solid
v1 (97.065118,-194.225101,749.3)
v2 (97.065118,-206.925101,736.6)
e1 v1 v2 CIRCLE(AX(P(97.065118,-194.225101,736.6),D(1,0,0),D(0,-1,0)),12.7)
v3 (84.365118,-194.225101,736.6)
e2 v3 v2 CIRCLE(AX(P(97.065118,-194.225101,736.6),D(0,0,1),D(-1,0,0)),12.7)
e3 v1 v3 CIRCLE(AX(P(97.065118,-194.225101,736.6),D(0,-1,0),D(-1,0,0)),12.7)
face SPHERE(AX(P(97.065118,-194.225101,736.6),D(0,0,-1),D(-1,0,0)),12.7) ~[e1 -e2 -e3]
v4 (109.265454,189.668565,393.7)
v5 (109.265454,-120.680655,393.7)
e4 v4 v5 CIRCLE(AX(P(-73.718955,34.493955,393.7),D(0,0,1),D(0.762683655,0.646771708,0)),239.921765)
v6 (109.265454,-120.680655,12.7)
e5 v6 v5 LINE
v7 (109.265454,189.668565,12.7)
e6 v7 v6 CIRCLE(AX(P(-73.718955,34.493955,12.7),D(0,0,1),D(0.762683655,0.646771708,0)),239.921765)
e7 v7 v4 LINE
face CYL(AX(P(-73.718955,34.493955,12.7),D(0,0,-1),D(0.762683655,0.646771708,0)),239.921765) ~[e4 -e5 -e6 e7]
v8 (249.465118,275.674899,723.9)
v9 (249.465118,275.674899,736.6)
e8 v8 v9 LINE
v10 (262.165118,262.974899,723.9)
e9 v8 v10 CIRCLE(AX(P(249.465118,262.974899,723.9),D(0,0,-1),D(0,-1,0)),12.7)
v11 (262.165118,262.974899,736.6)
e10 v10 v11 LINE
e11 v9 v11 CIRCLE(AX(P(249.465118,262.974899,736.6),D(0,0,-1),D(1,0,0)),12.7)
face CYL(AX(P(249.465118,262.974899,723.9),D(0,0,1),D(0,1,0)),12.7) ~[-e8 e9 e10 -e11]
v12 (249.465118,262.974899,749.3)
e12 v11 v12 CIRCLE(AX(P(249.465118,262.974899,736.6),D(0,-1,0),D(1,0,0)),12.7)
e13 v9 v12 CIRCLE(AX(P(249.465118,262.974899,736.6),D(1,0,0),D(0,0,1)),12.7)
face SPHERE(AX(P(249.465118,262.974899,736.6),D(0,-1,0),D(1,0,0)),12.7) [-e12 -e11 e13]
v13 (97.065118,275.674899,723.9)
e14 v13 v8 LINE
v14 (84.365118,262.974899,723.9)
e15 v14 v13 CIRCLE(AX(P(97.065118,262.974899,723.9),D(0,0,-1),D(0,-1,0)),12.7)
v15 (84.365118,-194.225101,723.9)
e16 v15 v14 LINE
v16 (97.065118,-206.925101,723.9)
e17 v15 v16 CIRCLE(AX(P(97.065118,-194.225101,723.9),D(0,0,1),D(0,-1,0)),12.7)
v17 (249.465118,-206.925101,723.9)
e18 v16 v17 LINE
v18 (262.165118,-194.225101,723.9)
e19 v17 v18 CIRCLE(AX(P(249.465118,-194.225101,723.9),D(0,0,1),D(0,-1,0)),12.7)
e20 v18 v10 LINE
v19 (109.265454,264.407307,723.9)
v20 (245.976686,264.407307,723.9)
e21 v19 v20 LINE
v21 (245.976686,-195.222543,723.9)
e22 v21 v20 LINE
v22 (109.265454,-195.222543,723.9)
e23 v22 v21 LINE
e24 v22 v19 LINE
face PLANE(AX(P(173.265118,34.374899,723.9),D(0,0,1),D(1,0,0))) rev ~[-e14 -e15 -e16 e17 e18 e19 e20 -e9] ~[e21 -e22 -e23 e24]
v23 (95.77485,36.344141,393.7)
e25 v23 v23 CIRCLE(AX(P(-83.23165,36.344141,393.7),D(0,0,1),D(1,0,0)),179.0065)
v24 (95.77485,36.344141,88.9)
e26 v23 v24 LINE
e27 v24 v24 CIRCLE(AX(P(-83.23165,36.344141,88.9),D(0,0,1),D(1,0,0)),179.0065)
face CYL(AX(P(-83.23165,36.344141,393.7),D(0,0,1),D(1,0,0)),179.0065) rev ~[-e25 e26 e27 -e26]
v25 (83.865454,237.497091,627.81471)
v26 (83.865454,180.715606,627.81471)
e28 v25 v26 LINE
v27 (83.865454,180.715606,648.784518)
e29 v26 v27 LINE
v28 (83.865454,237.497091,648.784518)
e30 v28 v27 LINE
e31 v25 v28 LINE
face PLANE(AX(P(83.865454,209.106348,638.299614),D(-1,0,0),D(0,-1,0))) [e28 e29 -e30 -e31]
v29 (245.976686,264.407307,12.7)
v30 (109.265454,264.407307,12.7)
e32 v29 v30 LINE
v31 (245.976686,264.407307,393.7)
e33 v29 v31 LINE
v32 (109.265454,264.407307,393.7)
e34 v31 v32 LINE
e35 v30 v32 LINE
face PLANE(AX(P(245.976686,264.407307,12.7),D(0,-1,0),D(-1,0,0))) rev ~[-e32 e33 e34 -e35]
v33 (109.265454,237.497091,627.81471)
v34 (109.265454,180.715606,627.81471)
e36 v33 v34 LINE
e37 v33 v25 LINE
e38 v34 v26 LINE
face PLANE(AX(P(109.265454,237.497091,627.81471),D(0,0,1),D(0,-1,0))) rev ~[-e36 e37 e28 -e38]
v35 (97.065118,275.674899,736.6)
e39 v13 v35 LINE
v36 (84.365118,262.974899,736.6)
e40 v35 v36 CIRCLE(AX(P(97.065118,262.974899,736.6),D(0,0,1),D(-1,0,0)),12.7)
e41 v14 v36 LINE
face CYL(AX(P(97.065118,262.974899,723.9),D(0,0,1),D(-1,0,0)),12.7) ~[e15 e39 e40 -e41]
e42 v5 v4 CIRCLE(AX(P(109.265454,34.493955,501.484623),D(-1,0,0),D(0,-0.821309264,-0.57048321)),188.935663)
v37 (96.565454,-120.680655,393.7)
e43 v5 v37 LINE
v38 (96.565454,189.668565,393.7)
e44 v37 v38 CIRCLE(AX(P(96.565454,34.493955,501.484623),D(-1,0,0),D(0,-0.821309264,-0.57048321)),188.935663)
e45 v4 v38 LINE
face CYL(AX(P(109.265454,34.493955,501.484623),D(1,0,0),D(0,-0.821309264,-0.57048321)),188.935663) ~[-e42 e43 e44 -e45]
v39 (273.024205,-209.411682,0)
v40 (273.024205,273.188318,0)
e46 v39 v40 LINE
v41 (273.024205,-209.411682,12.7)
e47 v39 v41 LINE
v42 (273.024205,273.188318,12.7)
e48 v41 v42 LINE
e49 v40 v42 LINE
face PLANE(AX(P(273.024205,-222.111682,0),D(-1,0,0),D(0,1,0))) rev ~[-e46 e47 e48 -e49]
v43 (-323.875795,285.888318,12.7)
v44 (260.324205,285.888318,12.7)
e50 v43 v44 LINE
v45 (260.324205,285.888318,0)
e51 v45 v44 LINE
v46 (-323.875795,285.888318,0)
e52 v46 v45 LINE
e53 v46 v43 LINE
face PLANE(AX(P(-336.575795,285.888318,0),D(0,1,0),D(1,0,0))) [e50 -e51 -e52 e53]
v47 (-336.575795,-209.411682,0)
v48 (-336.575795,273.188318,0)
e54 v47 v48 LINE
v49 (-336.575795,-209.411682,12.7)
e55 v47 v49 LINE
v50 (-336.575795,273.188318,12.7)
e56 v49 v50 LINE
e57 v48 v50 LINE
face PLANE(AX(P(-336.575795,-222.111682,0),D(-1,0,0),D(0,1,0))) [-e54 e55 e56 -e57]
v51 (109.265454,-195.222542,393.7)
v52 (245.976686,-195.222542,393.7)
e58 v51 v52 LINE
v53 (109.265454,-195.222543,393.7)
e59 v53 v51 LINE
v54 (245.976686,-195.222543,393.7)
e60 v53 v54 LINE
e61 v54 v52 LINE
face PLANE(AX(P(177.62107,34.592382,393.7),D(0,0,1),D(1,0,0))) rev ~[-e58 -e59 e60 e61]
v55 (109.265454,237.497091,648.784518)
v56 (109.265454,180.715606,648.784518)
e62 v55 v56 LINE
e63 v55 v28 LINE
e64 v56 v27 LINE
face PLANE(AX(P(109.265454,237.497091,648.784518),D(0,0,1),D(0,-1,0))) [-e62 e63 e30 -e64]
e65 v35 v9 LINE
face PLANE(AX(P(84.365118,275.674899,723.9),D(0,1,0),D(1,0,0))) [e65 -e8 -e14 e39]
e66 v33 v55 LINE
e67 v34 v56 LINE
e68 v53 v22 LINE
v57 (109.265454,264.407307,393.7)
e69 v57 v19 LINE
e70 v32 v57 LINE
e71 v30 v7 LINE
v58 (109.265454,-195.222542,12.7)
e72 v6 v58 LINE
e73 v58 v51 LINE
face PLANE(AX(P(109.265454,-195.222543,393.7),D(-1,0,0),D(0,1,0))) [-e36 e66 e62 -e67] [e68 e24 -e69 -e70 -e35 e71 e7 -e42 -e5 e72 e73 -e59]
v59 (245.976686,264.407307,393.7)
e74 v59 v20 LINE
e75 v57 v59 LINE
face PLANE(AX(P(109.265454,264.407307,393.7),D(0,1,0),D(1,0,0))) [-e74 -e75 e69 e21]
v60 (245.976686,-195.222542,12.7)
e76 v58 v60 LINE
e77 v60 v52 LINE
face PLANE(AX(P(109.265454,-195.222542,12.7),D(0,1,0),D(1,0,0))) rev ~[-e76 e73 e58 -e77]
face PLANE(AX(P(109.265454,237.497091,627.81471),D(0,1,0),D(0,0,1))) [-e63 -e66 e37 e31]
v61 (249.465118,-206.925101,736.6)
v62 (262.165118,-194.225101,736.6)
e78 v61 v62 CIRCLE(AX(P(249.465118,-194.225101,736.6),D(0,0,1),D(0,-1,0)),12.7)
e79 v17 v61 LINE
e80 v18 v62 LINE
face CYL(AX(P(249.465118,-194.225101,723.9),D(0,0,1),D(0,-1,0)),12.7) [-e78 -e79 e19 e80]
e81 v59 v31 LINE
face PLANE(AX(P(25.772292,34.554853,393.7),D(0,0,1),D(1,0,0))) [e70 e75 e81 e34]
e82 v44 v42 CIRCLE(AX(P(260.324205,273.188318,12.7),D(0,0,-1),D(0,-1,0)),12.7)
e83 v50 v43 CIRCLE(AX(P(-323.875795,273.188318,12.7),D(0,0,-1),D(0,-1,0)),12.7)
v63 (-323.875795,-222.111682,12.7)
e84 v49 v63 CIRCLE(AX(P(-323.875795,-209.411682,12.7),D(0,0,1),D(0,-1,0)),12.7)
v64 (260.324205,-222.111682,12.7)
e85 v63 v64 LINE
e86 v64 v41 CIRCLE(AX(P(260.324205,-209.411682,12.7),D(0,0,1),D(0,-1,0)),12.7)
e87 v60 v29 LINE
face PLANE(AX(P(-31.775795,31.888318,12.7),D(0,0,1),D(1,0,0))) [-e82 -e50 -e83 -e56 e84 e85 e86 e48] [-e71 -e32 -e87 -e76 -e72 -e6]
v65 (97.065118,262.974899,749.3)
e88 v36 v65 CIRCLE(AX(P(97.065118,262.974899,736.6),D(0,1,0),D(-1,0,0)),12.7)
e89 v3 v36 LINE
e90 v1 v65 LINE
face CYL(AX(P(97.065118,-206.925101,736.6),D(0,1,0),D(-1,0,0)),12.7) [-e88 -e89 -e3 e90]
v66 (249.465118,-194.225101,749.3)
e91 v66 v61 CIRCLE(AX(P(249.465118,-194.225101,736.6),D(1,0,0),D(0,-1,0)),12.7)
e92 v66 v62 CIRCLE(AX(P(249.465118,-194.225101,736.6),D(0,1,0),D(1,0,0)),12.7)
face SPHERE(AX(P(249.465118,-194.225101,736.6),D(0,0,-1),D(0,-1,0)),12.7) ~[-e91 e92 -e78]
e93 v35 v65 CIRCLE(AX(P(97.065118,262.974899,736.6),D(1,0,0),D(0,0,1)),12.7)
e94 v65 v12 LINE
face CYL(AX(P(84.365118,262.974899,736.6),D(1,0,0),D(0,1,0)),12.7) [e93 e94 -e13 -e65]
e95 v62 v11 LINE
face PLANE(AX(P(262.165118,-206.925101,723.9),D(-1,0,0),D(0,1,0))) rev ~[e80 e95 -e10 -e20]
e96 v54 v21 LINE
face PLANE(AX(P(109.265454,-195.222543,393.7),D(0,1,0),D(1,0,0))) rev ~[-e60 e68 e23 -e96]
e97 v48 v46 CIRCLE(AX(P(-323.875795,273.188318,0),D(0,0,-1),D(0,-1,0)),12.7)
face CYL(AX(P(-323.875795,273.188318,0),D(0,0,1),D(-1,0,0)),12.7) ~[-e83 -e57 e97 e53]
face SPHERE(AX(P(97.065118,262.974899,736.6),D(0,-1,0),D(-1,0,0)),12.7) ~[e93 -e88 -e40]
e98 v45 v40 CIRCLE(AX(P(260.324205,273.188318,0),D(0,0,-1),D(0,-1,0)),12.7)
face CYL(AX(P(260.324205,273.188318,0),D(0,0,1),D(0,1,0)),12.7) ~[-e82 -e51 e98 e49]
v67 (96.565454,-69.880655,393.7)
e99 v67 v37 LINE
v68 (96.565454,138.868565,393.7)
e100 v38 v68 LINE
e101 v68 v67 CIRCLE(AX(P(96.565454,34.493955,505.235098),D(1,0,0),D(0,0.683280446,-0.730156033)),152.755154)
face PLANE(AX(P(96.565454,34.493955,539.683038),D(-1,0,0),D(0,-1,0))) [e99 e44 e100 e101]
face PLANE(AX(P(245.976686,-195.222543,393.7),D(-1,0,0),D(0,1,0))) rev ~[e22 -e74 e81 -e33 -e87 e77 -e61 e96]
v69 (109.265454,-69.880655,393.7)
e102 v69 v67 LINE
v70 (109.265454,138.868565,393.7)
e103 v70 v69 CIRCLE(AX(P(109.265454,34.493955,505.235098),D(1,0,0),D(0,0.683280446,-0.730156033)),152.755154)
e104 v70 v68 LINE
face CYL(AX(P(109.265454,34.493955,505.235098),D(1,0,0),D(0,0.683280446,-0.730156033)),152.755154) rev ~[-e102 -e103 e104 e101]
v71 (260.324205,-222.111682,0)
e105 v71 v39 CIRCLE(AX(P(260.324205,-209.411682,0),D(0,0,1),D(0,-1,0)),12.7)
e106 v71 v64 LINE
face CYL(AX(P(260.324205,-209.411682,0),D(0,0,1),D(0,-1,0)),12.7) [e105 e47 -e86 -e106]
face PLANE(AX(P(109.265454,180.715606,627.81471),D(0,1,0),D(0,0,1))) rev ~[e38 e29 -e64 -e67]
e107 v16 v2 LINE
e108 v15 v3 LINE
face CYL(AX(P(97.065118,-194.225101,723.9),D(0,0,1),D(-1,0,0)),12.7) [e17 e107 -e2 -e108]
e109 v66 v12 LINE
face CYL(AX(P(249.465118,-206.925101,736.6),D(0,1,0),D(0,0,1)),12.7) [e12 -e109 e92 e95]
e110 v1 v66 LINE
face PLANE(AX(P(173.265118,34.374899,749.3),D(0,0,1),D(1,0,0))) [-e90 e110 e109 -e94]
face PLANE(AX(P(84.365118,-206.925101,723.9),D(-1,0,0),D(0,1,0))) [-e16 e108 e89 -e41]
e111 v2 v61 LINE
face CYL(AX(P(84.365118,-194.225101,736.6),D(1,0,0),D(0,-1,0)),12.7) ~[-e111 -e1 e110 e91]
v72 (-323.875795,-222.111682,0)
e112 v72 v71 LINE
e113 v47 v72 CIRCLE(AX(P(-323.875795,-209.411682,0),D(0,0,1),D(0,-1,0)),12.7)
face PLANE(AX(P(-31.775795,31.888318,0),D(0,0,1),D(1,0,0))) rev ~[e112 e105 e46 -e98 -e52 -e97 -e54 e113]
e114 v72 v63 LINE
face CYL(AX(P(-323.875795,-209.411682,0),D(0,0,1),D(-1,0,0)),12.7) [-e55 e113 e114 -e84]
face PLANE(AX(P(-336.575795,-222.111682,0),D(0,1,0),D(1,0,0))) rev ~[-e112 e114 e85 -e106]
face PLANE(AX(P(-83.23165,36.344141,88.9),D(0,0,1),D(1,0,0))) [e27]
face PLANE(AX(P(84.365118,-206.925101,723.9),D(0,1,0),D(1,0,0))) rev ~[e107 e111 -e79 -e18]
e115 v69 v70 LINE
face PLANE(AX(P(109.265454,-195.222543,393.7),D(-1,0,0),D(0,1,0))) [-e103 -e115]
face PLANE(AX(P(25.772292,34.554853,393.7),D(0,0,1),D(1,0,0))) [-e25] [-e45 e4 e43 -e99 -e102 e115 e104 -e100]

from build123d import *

# Parameters (mm, degrees)
F0_W      = 609.6
F0_H      = 508
F1_DEPTH  = 12.7
F3_DEPTH  = 381
F4_R      = 12.7
F5_R      = 179.0065
F6_DEPTH  = 304.8
F7_W      = 136.711232
F7_H      = 459.629849
F8_DEPTH  = 330.2
F9_W      = 56.781485
F9_H      = 20.969808
F10_DEPTH = 25.4
F12_DEPTH = 12.7
F13_W     = 177.8
F13_H     = 482.6
F14_DEPTH = 25.4
F15_R     = 12.7


with BuildPart() as f1:
    # F0 (on Top) → F1 (new body)
    with BuildSketch(Plane.XY):
        with Locations((-31.775795, 31.888318)):
            Rectangle(F0_W, F0_H)
    extrude(amount=F1_DEPTH)

    # F2 (on face) → F3 (join)
    with BuildSketch(Plane.XY.offset(12.7)):
        with BuildLine():
            Line((109.265454, 264.407307), (109.265454, 189.668565))
            ThreePointArc((109.265454, 189.668565), (-313.64072, 34.493955), (109.265454, -120.680655))
            Line((109.265454, -120.680655), (109.265454, -195.222542))
            Line((109.265454, -195.222542), (245.976686, -195.222542))
            Line((245.976686, -195.222542), (245.976686, 264.407307))
            Line((245.976686, 264.407307), (109.265454, 264.407307))
        make_face()
    extrude(amount=F3_DEPTH)

    # F4
    f4_edges = [f1.edges().sort_by_distance(p)[0] for p in [
        (-336.575795, -222.111682, 6.35),
        (273.024205, -222.111682, 6.35),
        (273.024205, 285.888318, 6.35),
        (-336.575795, 285.888318, 6.35),
    ]]
    fillet(f4_edges, radius=F4_R)

    # F5 (on face) → F6 (cut)
    with BuildSketch(Plane.XY.offset(393.7)):
        with Locations((-83.23165, 36.344141)):
            Circle(F5_R)
    extrude(amount=-F6_DEPTH, mode=Mode.SUBTRACT)

    # F7 (on face) → F8 (join)
    with BuildSketch(Plane.XY.offset(393.7)):
        with Locations((177.62107, 34.592382)):
            Rectangle(F7_W, F7_H)
    extrude(amount=F8_DEPTH)

    # F9 (on face) → F10 (join)
    with BuildSketch(Plane(origin=(109.265454, 0, 0), x_dir=(0, -1, 0), z_dir=(-1, 0, 0))):
        with Locations((-209.106348, 638.299614)):
            Rectangle(F9_W, F9_H)
    extrude(amount=F10_DEPTH)

    # F11 (on face) → F12 (join)
    with BuildSketch(Plane(origin=(109.265454, 0, 0), x_dir=(0, -1, 0), z_dir=(-1, 0, 0))):
        with BuildLine():
            ThreePointArc((120.680655, 393.7), (-34.493955, 690.420286), (-189.668565, 393.7))
            Line((-189.668565, 393.7), (-138.868565, 393.7))
            ThreePointArc((-138.868565, 393.7), (-34.493955, 657.990252), (69.880655, 393.7))
            Line((69.880655, 393.7), (120.680655, 393.7))
        make_face()
    extrude(amount=F12_DEPTH)

    # F13 (on face) → F14 (join)
    with BuildSketch(Plane.XY.offset(723.9)):
        with Locations((173.265118, 34.374899)):
            Rectangle(F13_W, F13_H)
    extrude(amount=F14_DEPTH)

    # F15
    f15_edges = [f1.edges().sort_by_distance(p)[0] for p in [
        (84.365118, -206.925101, 736.6),
        (84.365118, 34.374899, 749.3),
        (262.165118, -206.925101, 736.6),
        (173.265118, -206.925101, 749.3),
        (262.165118, 34.374899, 749.3),
        (262.165118, 275.674899, 736.6),
        (84.365118, 275.674899, 736.6),
        (173.265118, 275.674899, 749.3),
    ]]
    fillet(f15_edges, radius=F15_R)


solid = f1.part
